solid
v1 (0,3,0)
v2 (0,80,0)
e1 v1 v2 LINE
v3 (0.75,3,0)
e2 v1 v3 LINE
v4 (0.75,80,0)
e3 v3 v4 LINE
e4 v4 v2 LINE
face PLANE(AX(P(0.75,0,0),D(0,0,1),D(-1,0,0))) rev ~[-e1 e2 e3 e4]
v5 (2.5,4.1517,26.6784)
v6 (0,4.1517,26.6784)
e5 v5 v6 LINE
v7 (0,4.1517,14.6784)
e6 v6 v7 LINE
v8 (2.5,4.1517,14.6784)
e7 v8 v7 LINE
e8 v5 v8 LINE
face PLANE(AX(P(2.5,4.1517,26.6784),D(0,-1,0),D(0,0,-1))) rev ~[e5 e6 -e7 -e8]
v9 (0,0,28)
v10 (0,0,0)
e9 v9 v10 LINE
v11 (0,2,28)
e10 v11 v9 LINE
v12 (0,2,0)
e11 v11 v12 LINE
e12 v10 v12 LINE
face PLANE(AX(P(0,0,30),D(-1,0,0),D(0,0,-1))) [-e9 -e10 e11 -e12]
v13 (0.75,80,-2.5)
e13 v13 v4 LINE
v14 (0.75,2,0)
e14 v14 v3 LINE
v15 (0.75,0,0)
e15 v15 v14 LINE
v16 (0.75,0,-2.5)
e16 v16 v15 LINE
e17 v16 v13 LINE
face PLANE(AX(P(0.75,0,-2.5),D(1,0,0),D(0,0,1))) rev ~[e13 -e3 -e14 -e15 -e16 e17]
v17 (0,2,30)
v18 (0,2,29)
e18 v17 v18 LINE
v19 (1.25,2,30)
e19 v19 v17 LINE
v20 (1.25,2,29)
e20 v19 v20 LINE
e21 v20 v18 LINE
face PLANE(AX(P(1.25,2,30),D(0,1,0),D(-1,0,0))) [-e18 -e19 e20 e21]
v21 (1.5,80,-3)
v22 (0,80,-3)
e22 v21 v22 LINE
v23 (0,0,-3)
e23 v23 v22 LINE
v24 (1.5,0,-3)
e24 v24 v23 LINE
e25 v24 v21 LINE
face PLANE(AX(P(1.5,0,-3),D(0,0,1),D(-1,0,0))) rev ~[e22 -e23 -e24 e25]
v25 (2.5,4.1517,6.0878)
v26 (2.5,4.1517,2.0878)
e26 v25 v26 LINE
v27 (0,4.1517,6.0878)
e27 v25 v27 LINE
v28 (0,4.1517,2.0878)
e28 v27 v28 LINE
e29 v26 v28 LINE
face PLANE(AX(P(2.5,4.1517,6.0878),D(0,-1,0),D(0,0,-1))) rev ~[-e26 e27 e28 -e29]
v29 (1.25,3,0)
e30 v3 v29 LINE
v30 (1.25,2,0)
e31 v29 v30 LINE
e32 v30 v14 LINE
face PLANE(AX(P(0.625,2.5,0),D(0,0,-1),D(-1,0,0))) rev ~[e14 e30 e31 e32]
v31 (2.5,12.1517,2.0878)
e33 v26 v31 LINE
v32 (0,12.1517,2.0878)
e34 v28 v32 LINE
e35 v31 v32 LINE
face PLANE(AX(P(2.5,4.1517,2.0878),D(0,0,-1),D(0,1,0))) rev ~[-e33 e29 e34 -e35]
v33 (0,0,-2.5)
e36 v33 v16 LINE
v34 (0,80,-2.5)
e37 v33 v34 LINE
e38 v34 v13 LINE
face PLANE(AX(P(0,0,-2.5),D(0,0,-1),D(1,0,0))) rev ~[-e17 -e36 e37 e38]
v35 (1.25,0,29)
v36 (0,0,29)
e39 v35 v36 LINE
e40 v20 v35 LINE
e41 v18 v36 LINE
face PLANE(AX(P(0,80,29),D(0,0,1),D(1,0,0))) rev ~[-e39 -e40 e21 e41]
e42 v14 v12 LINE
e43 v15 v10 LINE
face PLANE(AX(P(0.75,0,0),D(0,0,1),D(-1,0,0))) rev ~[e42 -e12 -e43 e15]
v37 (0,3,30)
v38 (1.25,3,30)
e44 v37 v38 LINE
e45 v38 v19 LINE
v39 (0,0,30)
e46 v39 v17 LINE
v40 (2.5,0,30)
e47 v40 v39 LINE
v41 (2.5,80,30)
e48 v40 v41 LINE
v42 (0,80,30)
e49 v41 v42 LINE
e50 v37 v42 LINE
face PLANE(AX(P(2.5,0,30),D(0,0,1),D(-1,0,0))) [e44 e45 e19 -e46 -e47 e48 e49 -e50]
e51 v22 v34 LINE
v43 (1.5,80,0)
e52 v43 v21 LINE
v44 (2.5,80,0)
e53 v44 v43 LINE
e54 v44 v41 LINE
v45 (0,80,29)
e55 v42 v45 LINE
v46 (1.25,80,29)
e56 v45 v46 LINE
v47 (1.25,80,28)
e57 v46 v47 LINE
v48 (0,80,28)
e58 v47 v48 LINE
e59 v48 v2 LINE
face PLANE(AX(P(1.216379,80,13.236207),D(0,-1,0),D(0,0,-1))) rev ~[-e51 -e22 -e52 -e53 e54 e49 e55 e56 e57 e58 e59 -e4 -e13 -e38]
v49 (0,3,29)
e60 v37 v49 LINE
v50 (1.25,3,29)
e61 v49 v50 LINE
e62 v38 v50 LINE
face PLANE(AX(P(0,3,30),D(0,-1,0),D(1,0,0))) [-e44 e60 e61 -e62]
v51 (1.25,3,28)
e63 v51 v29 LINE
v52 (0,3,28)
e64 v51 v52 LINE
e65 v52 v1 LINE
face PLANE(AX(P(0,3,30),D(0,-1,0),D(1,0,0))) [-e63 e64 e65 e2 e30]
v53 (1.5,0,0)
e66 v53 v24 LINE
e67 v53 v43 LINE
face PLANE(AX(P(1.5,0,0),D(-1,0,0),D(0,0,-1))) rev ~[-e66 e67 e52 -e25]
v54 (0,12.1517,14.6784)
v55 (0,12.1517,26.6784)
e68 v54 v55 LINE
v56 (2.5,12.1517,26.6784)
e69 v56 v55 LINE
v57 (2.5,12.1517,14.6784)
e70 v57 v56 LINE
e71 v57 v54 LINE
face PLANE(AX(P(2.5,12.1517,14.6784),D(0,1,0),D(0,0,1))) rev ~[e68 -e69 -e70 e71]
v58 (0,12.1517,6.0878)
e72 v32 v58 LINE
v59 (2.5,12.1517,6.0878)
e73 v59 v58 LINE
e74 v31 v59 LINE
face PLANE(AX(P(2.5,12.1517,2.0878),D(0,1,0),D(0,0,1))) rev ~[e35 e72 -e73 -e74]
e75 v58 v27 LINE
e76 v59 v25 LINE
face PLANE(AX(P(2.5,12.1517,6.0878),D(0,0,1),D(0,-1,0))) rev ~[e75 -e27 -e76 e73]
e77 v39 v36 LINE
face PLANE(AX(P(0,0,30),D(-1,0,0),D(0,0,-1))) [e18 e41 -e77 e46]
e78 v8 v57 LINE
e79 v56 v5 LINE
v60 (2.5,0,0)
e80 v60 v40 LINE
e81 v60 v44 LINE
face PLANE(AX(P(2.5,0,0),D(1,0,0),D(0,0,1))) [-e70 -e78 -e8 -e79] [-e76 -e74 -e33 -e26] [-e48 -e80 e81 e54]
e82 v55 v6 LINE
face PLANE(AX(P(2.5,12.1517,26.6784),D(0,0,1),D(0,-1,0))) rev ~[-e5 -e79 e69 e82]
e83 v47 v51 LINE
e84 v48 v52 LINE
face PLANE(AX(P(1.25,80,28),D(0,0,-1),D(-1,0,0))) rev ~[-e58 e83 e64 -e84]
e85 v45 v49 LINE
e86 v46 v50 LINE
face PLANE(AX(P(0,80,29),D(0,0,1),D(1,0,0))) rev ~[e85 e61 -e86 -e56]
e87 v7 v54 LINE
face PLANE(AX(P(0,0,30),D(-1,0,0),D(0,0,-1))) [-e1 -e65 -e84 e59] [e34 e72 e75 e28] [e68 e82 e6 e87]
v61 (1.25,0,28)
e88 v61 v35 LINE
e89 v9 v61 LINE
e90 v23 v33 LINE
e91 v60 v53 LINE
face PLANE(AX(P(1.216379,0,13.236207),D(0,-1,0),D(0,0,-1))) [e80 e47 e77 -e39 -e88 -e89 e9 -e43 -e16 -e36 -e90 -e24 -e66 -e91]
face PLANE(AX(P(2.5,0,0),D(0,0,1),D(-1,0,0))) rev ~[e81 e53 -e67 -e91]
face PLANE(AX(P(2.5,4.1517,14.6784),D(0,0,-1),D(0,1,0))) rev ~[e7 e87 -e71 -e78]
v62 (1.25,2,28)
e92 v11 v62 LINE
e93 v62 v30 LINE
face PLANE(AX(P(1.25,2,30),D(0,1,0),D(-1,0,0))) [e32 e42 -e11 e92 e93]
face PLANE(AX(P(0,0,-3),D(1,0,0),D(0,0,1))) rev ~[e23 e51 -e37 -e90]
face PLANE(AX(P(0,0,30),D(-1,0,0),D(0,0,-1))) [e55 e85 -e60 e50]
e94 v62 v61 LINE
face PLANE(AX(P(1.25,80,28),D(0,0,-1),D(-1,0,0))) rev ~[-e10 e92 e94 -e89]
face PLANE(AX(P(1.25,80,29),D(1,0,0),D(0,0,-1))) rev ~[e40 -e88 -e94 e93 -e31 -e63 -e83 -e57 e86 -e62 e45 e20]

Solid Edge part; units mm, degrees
sketch "Sketch1" plane through (0, 0, 0) normal (0, -1, 0) x (1, 0, 0)
  line L0 (0, 30) -> (0, 0)
  line L1 (0.75, 0) -> (0, 0)
  line L2 (0.75, -2.5) -> (0.75, 0)
  line L3 (0, -2.5) -> (0.75, -2.5)
  line L4 (0, -3) -> (0, -2.5)
  line L5 (1.5, -3) -> (0, -3)
  line L6 (1.5, 0) -> (1.5, -3)
  line L7 (2.5, 0) -> (1.5, 0)
  line L8 (2.5, 0) -> (2.5, 30)
  line L9 (2.5, 30) -> (0, 30)
extrude "Protrusion1" add sketch "Sketch1" against normal blind 80
sketch "Sketch2" plane through (1.25, 80, 13.5) normal (0, 1, 0) x (0, 0, 1)
  line L0 (15.5, -1.25) -> (15.5, 0)
  line L1 (15.5, 0) -> (14.5, 0)
  line L2 (14.5, 0) -> (14.5, -1.25)
extrude "Vyříznutí_1" cut sketch "Sketch2" against normal blind 110.5 material side at (0.625, 80, 28.95)
extrude "Protrusion2" [suppressed]
extrude "Cutout1" [suppressed]
extrude "Cutout2" [suppressed]
extrude "Cutout3" [suppressed]
extrude "Cutout4" [suppressed]
sketch "Sketch3" plane through (1.25, 40, 30) normal (0, 0, 1) x (0, 1, 0)
  line L0 (-38, 1.25) -> (-37, 1.25)
  line L1 (-37, 1.25) -> (-37, 0)
  line L2 (-37, 0) -> (-38, 0)
  line L3 (-38, 0) -> (-38, 1.25)
extrude "Cutout5" cut sketch "Sketch3" against normal blind 30
sketch "Sketch4" plane through (2.5, 40, 15) normal (1, 0, 0) x (0, 1, 0)
  line L0 (-27.8483, -0.3216) -> (-27.8483, 11.6784)
  line L1 (-27.8483, 11.6784) -> (-35.8483, 11.6784)
  line L2 (-35.8483, 11.6784) -> (-35.8483, -0.3216)
  line L3 (-35.8483, -0.3216) -> (-27.8483, -0.3216)
  line L4 (-27.8483, -12.9122) -> (-27.8483, -8.9122)
  line L5 (-27.8483, -8.9122) -> (-35.8483, -8.9122)
  line L6 (-35.8483, -8.9122) -> (-35.8483, -12.9122)
  line L7 (-35.8483, -12.9122) -> (-27.8483, -12.9122)
extrude "Vyříznutí_8" cut sketch "Sketch4" against normal blind 2.5
